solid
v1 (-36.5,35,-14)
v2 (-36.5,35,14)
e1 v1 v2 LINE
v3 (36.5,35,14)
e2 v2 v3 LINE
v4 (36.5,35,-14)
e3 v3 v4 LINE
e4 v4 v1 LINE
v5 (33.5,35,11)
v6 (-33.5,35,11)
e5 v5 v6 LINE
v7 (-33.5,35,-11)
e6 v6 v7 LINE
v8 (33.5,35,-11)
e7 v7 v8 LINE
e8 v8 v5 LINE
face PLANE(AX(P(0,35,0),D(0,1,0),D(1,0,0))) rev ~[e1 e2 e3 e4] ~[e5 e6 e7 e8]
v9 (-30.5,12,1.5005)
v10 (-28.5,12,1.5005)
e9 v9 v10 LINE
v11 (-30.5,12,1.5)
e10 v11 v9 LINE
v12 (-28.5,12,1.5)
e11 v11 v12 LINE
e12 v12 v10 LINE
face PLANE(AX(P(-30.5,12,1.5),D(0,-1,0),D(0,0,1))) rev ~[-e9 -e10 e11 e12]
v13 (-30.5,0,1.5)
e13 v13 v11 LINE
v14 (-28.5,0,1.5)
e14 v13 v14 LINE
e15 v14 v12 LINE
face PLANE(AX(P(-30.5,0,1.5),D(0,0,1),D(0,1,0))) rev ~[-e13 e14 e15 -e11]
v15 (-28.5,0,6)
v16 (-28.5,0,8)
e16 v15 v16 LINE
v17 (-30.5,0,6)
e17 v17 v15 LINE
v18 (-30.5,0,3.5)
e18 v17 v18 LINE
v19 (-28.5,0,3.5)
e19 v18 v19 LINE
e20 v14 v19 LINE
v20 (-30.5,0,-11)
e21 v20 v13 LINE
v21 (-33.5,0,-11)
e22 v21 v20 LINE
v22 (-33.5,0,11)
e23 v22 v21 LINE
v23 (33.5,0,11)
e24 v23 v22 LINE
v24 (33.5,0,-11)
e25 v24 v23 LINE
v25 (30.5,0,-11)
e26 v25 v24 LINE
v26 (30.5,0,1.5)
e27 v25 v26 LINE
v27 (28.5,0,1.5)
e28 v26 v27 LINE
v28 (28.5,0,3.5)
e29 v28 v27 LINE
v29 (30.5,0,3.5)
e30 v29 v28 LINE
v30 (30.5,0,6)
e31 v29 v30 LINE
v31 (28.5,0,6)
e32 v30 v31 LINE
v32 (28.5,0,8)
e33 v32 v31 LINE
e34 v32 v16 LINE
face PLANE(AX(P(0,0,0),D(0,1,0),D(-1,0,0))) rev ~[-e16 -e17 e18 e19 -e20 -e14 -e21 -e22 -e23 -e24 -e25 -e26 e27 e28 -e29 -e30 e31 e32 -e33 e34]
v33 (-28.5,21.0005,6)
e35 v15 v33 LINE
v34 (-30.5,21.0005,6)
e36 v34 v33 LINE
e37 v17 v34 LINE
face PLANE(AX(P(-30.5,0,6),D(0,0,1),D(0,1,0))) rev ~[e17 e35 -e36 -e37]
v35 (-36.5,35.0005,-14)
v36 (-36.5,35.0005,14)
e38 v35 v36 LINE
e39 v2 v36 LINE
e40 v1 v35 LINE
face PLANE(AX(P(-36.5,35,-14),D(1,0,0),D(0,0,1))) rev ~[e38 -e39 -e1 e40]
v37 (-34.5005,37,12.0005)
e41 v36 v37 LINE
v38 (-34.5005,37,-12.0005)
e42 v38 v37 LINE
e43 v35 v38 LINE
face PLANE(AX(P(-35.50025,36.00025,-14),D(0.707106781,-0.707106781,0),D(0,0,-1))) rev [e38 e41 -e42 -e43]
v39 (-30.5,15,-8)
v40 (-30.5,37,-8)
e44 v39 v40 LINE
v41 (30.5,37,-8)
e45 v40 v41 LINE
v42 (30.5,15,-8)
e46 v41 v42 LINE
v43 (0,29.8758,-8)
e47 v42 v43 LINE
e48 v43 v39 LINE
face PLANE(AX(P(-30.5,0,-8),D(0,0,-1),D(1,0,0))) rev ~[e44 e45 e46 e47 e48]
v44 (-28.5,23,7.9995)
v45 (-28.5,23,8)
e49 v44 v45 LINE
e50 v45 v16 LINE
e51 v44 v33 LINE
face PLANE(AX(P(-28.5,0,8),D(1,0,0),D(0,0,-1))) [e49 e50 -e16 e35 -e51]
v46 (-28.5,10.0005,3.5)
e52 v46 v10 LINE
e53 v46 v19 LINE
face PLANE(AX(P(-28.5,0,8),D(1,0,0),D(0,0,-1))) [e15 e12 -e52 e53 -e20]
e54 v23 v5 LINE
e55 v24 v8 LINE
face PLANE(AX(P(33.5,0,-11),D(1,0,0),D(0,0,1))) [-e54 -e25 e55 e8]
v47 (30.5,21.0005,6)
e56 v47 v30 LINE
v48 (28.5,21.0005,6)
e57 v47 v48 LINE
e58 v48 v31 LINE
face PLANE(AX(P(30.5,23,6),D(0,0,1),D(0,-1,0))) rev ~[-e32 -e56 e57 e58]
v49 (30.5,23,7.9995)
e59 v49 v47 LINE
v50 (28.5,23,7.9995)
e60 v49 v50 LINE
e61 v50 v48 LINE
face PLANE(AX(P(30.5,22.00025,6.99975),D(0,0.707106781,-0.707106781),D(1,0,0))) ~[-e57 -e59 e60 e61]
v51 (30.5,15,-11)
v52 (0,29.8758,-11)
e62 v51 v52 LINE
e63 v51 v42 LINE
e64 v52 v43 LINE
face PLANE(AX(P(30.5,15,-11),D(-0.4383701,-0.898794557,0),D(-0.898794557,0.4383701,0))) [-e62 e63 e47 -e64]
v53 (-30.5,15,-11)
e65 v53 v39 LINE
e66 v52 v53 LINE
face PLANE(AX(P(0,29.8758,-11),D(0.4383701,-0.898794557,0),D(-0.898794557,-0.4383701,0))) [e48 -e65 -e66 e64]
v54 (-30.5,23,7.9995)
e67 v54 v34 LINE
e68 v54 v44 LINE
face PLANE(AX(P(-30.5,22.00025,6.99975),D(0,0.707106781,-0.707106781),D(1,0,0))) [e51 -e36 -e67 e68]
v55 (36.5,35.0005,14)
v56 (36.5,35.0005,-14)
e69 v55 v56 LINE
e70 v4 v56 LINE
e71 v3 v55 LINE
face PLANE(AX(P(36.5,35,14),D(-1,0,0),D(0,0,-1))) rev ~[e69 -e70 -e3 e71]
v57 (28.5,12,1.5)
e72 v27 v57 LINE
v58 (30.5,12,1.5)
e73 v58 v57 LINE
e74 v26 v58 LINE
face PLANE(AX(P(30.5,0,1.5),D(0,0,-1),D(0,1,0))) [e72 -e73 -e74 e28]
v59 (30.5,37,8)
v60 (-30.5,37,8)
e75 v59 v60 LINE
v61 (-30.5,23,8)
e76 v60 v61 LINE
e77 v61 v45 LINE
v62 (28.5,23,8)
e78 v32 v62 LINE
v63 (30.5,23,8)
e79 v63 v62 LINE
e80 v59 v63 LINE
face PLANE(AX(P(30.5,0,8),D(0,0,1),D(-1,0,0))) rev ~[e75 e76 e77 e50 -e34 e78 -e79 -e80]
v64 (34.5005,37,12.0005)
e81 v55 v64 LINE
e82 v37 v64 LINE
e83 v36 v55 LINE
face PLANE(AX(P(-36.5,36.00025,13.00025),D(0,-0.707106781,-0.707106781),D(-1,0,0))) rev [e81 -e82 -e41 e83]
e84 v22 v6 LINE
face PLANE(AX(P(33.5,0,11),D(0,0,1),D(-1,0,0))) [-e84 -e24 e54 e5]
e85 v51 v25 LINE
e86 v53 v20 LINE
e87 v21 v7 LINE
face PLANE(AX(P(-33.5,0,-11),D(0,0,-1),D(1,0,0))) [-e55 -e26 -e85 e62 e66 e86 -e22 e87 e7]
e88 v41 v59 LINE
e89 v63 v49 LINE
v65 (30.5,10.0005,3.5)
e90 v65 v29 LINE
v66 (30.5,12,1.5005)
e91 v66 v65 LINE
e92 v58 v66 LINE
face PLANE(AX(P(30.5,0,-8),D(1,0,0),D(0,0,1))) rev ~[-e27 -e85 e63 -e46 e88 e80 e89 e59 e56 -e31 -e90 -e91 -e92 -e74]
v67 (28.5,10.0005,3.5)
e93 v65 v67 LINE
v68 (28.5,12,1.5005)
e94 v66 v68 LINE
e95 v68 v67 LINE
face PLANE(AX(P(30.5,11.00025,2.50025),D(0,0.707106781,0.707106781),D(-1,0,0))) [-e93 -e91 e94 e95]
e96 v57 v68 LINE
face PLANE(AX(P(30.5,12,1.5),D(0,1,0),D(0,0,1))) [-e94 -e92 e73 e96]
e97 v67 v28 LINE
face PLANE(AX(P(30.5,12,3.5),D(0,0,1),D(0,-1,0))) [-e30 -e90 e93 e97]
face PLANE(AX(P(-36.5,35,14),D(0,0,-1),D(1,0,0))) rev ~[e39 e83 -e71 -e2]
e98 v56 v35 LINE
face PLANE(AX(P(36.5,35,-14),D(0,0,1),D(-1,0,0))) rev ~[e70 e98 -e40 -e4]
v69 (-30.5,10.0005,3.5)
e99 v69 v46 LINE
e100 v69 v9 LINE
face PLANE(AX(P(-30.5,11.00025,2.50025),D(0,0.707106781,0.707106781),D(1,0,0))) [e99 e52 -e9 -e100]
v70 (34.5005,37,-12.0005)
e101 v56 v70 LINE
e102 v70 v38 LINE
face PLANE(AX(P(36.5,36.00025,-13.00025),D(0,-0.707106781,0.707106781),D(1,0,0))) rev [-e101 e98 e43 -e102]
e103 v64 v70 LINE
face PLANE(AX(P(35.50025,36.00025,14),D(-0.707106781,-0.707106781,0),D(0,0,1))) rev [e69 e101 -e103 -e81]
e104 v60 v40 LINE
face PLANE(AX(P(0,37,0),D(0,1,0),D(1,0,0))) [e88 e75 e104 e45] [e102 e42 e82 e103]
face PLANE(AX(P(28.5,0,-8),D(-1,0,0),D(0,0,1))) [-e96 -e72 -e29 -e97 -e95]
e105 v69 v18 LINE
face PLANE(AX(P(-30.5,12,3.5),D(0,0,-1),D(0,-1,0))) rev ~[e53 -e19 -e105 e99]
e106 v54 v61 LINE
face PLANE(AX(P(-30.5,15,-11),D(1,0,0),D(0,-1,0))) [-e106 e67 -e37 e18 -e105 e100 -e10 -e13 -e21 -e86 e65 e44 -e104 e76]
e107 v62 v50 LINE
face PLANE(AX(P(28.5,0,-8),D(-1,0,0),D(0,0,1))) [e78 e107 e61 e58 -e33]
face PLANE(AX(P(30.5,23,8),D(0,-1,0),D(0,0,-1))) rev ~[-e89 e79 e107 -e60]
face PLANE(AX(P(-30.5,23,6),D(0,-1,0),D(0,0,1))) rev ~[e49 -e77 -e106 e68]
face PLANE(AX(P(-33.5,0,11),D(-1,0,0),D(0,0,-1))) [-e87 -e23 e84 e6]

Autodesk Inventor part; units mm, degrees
ref_plane "YZ Plane" through (0, 0, 0) normal (1, 0, 0) x (0, 1, 0)
ref_plane "XZ Plane" through (0, 0, 0) normal (0, 1, 0) x (-1, 0, 0)
ref_plane "XY Plane" through (0, 0, 0) normal (0, 0, 1) x (1, 0, 0)
sketch "Sketch1" plane through (0, 0, 0) normal (0, 1, 0) x (-1, 0, 0)
  line L0 (30.5, -8) -> (-30.5, -8)
  line L1 (-30.5, -8) -> (-30.5, 8)
  line L2 (-30.5, 8) -> (30.5, 8)
  line L3 (30.5, 8) -> (30.5, -8)
  line L4 (33.5, -11) -> (-33.5, -11)
  line L5 (-33.5, -11) -> (-33.5, 11)
  line L6 (-33.5, 11) -> (33.5, 11)
  line L7 (33.5, 11) -> (33.5, -11)
  point P0 (0, 0)
  point P1 (0, -8)
  point P2 (30.5, 0)
  dimension "d0" = 16
  dimension "d2" = 3
  dimension "d3" = 61
extrude "Extrusion1" add sketch "Sketch1" along normal blind 35
sketch "Sketch2" plane through (0, 35, 0) normal (0, 1, 0) x (1, 0, 0)
  line L0 (-30.5, -8) -> (-30.5, 8) projected
  line L1 (30.5, -8) -> (-30.5, -8) projected
  line L2 (30.5, 8) -> (30.5, -8) projected
  line L3 (-30.5, 8) -> (30.5, 8) projected
  line L4 (-36.5, 14) -> (-36.5, -14)
  line L5 (-36.5, -14) -> (36.5, -14)
  line L6 (36.5, -14) -> (36.5, 14)
  line L7 (36.5, 14) -> (-36.5, 14)
  point P0 (0, 0)
  dimension "d6" = 6
extrude "Extrusion2" add sketch "Sketch2" along normal blind 2
chamfer "Chamfer1" distance 2 angle 45 4 edges at (0, 37, 14) (-36.5, 37, 0) (0, 37, -14) (36.5, 37, 0)
sketch "Sketch3" plane through (-30.5, 0, 8) normal (1, 0, 0) x (0, 0, -1)
  line L0 (19, 0) -> (-3, 0) projected
  line L1 (-3, 0) -> (-3, 35) projected
  line L2 (19, 35) -> (-3, 35) projected
  line L3 (19, 0) -> (19, 35) projected
  line L4 (0, 0) -> (2, 0)
  line L5 (2, 0) -> (2, 23)
  line L6 (2, 23) -> (0, 23)
  line L7 (0, 23) -> (0, 0)
  line L8 (4.5, 0) -> (6.5, 0)
  line L9 (6.5, 0) -> (6.5, 12)
  line L10 (6.5, 12) -> (4.5, 12)
  line L11 (4.5, 12) -> (4.5, 0)
  point P0 (8, 0)
  point P1 (2, 0)
  dimension "d12" = 2
  dimension "d13" = 3
  dimension "d14" = 23
  dimension "d28" = 12
  dimension "d29" = 2
  dimension "d30" = 2.5
extrude "Extrusion3" add sketch "Sketch3" along normal blind 2 contours L0 L11 L10 L9 | L0 L7 L6 L5
sketch "Sketch4" plane through (30.5, 0, -8) normal (-1, 0, 0) x (0, 0, 1)
  line L0 (19, 0) -> (-3, 0) projected
  line L1 (-3, 0) -> (-3, 35) projected
  line L2 (19, 35) -> (-3, 35) projected
  line L3 (19, 0) -> (19, 35) projected
  line L4 (14, 0) -> (16, 0)
  line L5 (16, 0) -> (16, 23)
  line L6 (16, 23) -> (14, 23)
  line L7 (14, 23) -> (14, 0)
  line L8 (11.5, 0) -> (9.5, 0)
  line L9 (9.5, 0) -> (9.5, 12)
  line L10 (9.5, 12) -> (11.5, 12)
  line L11 (11.5, 12) -> (11.5, 0)
  point P0 (8, 0)
  dimension "d20" = 2
  dimension "d21" = 23
  dimension "d22" = 3
  dimension "d31" = 2
  dimension "d32" = 12
  dimension "d33" = 2.5
extrude "Extrusion4" add sketch "Sketch4" along normal blind 2 contours L0 L7 L6 L5 | L0 L9 L10 L11
chamfer "Chamfer4" distance 2 angle 45 4 edges at (-29.5, 23, 6) (-29.5, 12, 3.5) (29.5, 12, 3.5) (29.5, 23, 6)
sketch "Sketch5" plane through (33.5, 0, -11) normal (0, 0, -1) x (-1, 0, 0)
  line L0 (0, 0) -> (67, 0) projected
  line L1 (67, 0) -> (67, 35) projected
  line L2 (3, 15) -> (33.5, 29.8758)
  line L3 (33.5, 29.8758) -> (64, 15)
  line L4 (0, 0) -> (0, 35) projected
  line L5 (3, 15) -> (64, 15) construction
  line L6 (3, 0) -> (3, 12) projected
  line L7 (3, 15) -> (3, 0)
  line L8 (64, 15) -> (64, 0)
  point P0 (33.5, 0)
  point P1 (33.5, 0)
  point P2 (33.5, 0)
  point P3 (33.5, 0)
  point P4 (33.5, 0)
  dimension "d40" = 3
  dimension "d41" = 3
  dimension "d42" = 26
  dimension "d43" = 15
extrude "Extrusion5" cut sketch "Sketch5" against normal up to surface (3 mm away)
equation "\"d41\" = d40"
properties part number "Controller Stand Breakout Holder"
